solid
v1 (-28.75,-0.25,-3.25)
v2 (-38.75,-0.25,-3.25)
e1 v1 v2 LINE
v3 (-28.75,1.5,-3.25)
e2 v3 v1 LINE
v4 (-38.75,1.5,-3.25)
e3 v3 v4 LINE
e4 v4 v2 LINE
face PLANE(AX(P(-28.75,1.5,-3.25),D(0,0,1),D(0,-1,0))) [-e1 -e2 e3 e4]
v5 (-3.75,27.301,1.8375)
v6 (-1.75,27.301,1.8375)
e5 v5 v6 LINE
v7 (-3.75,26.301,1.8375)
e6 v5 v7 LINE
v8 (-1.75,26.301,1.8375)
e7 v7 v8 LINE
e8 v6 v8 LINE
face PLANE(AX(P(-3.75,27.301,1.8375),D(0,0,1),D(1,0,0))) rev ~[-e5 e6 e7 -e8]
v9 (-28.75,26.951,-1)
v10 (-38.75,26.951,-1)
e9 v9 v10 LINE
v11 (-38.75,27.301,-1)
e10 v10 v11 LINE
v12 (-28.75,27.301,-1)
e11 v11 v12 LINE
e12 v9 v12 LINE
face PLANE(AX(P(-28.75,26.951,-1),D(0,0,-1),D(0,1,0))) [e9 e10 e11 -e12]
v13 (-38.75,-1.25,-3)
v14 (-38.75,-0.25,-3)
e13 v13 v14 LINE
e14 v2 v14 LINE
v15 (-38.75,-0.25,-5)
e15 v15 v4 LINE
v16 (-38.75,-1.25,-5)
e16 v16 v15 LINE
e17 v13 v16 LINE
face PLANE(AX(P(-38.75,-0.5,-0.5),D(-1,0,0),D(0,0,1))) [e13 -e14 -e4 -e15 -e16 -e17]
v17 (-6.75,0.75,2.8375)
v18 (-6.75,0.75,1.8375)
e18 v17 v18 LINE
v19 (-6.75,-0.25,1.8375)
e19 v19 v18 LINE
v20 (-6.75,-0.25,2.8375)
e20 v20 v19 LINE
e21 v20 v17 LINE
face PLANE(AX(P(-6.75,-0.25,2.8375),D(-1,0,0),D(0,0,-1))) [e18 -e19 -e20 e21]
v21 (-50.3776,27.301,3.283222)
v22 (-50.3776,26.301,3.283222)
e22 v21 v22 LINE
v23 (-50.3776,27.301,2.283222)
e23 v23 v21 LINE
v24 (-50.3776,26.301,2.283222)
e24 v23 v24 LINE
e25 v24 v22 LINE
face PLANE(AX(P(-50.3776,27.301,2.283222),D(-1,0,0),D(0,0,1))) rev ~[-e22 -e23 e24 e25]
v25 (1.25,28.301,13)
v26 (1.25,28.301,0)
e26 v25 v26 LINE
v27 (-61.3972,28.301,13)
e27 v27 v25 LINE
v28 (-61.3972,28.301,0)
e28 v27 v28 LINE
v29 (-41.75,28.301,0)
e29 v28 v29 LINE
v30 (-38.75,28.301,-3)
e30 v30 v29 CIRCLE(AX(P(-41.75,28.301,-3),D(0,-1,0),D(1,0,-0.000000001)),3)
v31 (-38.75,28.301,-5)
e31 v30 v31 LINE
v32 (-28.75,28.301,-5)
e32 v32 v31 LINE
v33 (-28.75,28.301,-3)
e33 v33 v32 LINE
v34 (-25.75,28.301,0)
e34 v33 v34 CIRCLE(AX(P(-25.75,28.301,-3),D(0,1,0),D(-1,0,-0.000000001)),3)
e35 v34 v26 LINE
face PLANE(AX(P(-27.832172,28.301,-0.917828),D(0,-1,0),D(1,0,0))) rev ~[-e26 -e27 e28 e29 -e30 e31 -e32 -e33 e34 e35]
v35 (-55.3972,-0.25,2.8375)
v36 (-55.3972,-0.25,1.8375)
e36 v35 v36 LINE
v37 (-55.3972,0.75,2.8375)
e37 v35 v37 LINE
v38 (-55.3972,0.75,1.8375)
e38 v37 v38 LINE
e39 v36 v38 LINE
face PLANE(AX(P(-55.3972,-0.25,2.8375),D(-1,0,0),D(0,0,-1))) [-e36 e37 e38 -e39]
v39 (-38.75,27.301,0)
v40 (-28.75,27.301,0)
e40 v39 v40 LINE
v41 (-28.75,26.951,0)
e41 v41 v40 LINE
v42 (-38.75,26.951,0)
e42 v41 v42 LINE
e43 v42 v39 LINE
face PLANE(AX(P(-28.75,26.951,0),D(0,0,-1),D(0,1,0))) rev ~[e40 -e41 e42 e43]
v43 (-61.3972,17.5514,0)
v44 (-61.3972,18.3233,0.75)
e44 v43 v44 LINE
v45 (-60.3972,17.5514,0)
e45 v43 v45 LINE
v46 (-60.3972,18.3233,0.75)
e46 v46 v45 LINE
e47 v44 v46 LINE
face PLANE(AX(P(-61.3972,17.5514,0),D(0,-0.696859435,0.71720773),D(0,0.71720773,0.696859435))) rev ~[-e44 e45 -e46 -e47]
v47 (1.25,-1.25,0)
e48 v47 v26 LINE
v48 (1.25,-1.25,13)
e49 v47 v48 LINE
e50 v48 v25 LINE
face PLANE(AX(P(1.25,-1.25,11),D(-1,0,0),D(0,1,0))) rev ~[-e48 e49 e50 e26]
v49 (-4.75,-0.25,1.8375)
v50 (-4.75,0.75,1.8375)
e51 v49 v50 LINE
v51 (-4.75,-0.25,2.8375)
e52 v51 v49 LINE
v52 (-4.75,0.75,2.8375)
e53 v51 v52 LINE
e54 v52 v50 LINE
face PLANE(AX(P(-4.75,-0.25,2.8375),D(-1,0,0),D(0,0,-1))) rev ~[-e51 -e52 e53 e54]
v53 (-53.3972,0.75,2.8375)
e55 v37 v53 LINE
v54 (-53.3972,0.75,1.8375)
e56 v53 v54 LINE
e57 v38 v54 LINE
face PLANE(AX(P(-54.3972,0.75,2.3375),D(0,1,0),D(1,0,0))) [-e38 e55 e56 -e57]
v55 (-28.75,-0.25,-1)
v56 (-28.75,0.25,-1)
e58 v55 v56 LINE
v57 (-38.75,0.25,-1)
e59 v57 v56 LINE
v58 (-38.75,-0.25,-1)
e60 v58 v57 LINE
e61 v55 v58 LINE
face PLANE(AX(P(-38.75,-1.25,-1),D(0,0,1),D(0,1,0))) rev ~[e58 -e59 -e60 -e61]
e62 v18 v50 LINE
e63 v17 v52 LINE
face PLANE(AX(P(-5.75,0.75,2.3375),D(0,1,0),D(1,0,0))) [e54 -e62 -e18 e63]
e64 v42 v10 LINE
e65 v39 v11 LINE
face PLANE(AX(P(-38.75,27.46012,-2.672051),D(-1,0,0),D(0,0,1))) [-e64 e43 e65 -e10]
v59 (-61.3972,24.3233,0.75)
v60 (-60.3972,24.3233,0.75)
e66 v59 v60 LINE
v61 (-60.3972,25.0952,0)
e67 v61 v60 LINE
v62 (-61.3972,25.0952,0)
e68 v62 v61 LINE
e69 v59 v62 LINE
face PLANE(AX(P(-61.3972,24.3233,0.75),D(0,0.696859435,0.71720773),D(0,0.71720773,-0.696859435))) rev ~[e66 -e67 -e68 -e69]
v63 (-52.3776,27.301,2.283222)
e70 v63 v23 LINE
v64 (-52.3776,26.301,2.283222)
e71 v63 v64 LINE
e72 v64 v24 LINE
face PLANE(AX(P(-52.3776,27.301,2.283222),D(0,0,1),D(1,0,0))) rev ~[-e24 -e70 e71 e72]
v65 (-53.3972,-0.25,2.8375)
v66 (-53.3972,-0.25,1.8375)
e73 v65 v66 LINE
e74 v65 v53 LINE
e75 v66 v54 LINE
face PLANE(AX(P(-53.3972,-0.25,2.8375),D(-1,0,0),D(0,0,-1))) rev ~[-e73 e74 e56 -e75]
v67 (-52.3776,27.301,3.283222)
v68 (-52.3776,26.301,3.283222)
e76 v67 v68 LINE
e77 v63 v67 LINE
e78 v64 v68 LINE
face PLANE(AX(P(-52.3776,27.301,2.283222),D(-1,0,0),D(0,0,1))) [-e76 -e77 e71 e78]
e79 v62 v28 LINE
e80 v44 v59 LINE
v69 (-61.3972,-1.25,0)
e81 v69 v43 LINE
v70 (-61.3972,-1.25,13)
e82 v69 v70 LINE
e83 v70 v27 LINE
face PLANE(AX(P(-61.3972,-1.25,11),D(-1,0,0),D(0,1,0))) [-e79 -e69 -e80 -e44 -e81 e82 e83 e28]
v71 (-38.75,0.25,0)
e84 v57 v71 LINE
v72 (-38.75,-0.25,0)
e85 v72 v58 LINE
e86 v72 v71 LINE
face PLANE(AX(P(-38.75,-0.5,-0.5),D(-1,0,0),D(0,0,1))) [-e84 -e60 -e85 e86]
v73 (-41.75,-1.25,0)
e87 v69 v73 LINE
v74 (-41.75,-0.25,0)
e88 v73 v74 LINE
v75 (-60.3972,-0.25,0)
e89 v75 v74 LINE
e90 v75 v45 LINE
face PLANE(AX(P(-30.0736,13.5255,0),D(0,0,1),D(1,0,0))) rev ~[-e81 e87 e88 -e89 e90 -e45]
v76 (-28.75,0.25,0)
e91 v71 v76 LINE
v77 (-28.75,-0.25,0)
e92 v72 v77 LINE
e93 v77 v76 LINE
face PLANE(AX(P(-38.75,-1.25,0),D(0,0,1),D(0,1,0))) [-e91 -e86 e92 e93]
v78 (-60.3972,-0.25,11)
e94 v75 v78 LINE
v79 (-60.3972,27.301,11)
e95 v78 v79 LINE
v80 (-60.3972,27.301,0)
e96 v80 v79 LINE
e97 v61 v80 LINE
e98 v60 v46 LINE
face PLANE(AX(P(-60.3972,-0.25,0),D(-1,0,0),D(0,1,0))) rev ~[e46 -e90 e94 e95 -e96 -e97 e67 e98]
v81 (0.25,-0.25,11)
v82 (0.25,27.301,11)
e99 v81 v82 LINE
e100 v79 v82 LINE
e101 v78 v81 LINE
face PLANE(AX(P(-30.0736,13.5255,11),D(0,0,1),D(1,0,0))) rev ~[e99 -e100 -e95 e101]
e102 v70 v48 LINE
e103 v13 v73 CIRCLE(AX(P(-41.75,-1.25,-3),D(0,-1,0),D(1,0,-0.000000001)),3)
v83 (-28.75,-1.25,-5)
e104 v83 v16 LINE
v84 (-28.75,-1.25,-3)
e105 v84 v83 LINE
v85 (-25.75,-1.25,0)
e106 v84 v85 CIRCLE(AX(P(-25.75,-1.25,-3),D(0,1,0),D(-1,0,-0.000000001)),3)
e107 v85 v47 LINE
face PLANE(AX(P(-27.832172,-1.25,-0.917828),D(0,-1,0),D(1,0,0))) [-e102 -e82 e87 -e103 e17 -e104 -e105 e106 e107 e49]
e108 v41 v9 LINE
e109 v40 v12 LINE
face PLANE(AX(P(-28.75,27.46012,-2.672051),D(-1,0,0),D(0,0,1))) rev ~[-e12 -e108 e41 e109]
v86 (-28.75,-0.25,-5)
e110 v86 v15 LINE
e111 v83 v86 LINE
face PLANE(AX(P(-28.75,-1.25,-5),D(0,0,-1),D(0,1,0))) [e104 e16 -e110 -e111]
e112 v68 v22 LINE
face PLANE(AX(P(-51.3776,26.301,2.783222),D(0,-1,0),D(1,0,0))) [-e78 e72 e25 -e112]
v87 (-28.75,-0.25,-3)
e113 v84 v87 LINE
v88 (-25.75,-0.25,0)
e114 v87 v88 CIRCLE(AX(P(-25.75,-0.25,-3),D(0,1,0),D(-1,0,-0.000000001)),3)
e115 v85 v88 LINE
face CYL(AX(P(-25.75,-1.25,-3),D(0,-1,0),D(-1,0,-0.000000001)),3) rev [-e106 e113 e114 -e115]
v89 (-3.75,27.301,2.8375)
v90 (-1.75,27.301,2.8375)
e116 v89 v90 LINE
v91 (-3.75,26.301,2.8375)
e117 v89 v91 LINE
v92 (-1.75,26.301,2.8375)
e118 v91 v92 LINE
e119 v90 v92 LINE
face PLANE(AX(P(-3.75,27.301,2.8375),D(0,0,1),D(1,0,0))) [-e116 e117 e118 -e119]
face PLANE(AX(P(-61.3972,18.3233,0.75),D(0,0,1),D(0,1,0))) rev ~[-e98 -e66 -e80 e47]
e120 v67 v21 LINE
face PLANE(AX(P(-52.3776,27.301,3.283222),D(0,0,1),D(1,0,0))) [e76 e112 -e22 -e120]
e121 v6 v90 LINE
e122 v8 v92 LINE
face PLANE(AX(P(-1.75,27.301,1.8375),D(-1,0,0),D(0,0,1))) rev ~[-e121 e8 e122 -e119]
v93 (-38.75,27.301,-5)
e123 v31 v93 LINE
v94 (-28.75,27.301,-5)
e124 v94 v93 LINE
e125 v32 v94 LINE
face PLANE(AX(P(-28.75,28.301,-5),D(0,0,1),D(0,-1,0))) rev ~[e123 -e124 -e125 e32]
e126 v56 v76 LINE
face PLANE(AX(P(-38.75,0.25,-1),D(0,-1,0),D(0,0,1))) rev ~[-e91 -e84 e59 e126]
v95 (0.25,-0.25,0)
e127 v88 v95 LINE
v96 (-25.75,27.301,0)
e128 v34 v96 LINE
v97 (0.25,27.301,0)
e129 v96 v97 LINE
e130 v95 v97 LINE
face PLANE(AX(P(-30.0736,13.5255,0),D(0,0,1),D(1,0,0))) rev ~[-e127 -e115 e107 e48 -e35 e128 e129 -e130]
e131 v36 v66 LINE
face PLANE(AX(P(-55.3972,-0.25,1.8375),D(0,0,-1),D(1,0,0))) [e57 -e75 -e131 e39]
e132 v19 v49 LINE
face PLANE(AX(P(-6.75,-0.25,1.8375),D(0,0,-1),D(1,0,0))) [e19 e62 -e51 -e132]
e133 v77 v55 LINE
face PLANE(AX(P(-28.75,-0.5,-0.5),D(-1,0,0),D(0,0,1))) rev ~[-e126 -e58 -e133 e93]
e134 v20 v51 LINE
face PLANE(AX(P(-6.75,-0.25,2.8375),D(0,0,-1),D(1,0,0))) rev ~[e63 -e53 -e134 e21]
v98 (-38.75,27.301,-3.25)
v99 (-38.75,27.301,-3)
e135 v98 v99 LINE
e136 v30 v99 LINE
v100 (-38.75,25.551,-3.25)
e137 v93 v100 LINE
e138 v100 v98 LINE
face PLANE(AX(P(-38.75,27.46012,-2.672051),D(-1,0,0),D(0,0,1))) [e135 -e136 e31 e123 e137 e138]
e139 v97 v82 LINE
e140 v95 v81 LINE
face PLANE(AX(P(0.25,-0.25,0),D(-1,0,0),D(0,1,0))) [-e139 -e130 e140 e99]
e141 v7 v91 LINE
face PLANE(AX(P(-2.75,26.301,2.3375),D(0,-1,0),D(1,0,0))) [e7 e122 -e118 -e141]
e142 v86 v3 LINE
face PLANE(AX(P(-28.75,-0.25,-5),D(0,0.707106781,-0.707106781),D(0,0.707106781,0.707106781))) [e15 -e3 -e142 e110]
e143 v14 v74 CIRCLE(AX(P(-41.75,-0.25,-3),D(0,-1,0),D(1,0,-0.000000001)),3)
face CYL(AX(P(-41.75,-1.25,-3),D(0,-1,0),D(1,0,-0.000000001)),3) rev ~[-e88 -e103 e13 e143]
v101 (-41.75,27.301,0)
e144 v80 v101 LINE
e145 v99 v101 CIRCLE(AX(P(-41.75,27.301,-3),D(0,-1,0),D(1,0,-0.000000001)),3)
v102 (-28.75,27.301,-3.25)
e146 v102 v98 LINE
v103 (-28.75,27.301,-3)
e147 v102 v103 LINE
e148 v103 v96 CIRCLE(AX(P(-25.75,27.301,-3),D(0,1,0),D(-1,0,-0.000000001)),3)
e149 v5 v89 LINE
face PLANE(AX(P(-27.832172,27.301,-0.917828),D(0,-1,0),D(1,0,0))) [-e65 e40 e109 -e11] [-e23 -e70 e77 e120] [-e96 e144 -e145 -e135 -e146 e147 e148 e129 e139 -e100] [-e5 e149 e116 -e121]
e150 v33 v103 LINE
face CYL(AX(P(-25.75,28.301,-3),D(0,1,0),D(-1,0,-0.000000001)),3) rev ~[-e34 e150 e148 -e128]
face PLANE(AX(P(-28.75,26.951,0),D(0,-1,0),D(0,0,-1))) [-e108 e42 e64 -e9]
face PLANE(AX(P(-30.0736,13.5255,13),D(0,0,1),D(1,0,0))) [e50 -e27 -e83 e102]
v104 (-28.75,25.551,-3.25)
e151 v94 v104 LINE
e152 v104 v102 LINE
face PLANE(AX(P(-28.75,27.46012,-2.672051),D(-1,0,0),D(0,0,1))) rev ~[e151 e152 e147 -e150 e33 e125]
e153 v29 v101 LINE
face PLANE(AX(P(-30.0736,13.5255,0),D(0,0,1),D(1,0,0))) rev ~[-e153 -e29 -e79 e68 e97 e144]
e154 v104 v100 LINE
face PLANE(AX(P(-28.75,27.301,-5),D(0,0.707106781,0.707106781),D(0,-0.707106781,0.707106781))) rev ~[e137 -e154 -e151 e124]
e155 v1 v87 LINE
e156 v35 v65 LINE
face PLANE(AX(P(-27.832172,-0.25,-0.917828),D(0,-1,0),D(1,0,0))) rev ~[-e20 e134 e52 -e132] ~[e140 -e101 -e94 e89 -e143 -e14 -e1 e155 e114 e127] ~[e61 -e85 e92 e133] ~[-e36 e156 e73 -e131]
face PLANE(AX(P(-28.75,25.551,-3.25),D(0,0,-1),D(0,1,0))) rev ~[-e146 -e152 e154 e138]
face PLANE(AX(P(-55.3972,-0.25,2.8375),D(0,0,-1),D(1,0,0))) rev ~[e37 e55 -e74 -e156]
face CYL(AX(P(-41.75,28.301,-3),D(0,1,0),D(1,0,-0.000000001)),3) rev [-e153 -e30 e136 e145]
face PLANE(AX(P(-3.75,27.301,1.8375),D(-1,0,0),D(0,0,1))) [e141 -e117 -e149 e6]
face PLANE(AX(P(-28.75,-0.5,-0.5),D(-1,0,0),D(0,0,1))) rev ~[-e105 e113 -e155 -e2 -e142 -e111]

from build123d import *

# Parameters (mm, degrees)
SKETCH1_W            = 62.6472
SKETCH1_H            = 29.551
SKETCH1_W_2          = 60.6472
SKETCH1_H_2          = 27.551
BOSS_EXTRUDE1_DEPTH  = 11
CUT_EXTRUDE1_REACH   = 64.647
SKETCH4_W            = 2
SKETCH4_H            = 1
BOSS_EXTRUDE2_DEPTH  = 1
SKETCH6_W            = 2
SKETCH6_H            = 1
BOSS_EXTRUDE3_DEPTH  = 1
BOSS_EXTRUDE4_START  = -30
SKETCH7_W            = 1
SKETCH7_H            = 1
BOSS_EXTRUDE4_DEPTH  = 10
BOSS_EXTRUDE5_START  = 40
SKETCH9_W            = 1
SKETCH9_H            = 1.5
BOSS_EXTRUDE5_DEPTH  = 10
BOSS_EXTRUDE7_START  = -30
BOSS_EXTRUDE7_DEPTH  = 10
SKETCH12_W           = 62.6472
SKETCH12_H           = 29.551
BOSS_EXTRUDE8_DEPTH  = 2
BOSS_EXTRUDE9_DEPTH  = 1
BOSS_EXTRUDE10_START = -29.551
BOSS_EXTRUDE10_DEPTH = 1


with BuildPart() as part:
    # Sketch1 → Boss-Extrude1 (new body)
    with BuildSketch(Plane.XY):
        with Locations((-30.0736, 13.5255)):
            Rectangle(SKETCH1_W, SKETCH1_H)
        with Locations((-30.0736, 13.5255)):
            Rectangle(SKETCH1_W_2, SKETCH1_H_2, mode=Mode.SUBTRACT)
    extrude(amount=BOSS_EXTRUDE1_DEPTH)

    # Sketch3 → Cut-Extrude1 (cut, up to next)
    with BuildSketch(Plane.ZY.offset(61.3972), mode=Mode.PRIVATE) as cut_extrude1_sk1:
        Polygon((0, 17.5514), (0.75, 18.3233), (0.75, 24.3233), (0, 25.0952), align=None)
    cut_extrude1_tool1 = extrude(cut_extrude1_sk1.sketch, amount=-CUT_EXTRUDE1_REACH, mode=Mode.PRIVATE) & part.part
    add(cut_extrude1_tool1.solids().sort_by_distance((-61.3972, 21.3233, 0.360752))[0], mode=Mode.SUBTRACT)

    # Sketch4 → Boss-Extrude2 (add)
    with BuildSketch(Plane(origin=(0, -0.25, 0), x_dir=(1, 0, 0), z_dir=(0, 1, 0))):
        with Locations((-54.3972, -2.3375)):
            Rectangle(SKETCH4_W, SKETCH4_H)
        with Locations((-5.75, -2.3375)):
            Rectangle(SKETCH4_W, SKETCH4_H)
    extrude(amount=BOSS_EXTRUDE2_DEPTH)

    # Sketch6 → Boss-Extrude3 (add)
    with BuildSketch(Plane.XZ.offset(-27.301)):
        with Locations((-2.75, 2.3375)):
            Rectangle(SKETCH6_W, SKETCH6_H)
        with Locations((-51.3776, 2.783222425)):
            Rectangle(SKETCH6_W, SKETCH6_H)
    extrude(amount=BOSS_EXTRUDE3_DEPTH)

    # Sketch7 → Boss-Extrude4 (add)
    with BuildSketch(Plane(origin=(1.25, 0, 0), x_dir=(0, 0, -1), z_dir=(1, 0, 0)).offset(BOSS_EXTRUDE4_START)):
        with Locations((0.5, 27.451)):
            Rectangle(SKETCH7_W, SKETCH7_H)
    extrude(amount=-BOSS_EXTRUDE4_DEPTH)

    # Sketch9 → Boss-Extrude5 (add)
    with BuildSketch(Plane.ZY.offset(-1.25).offset(BOSS_EXTRUDE5_START)):
        with Locations((-0.5, -0.5)):
            Rectangle(SKETCH9_W, SKETCH9_H)
    extrude(amount=-BOSS_EXTRUDE5_DEPTH)

    # Sketch11 → Boss-Extrude7 (add)
    with BuildSketch(Plane(origin=(1.25, 0, 0), x_dir=(0, 0, -1), z_dir=(1, 0, 0)).offset(BOSS_EXTRUDE7_START)):
        Polygon((5, 28.301), (5, 27.301), (3.25, 25.551), (3.25, 27.301), (0, 27.301), (0, 28.301), align=None)
        Polygon((0, -1.25), (5, -1.25), (5, -0.25), (3.25, 1.5), (3.25, -0.25), (0, -0.25), align=None)
    extrude(amount=-BOSS_EXTRUDE7_DEPTH)

    # Sketch12 → Boss-Extrude8 (add)
    with BuildSketch(Plane.XY.offset(11)):
        with Locations((-30.0736, 13.5255)):
            Rectangle(SKETCH12_W, SKETCH12_H)
    extrude(amount=BOSS_EXTRUDE8_DEPTH)

    # Sketch13 → Boss-Extrude9 (add)
    with BuildSketch(Plane.XZ.offset(1.25)):
        with BuildLine():
            Line((-25.75, 0), (-28.75, 0))
            Line((-28.75, 0), (-28.75, -3))
            ThreePointArc((-28.75, -3), (-27.871320344, -0.878679656), (-25.75, 0))
        make_face()
        with BuildLine():
            Line((-41.75, 0), (-38.75, 0))
            Line((-38.75, 0), (-38.75, -3))
            ThreePointArc((-38.75, -3), (-39.628679656, -0.878679656), (-41.75, 0))
        make_face()
    extrude(amount=-BOSS_EXTRUDE9_DEPTH)

    # Sketch13<2> → Boss-Extrude10 (add)
    with BuildSketch(Plane.XZ.offset(1.25).offset(BOSS_EXTRUDE10_START)):
        with BuildLine():
            Line((-25.75, 0), (-28.75, 0))
            Line((-28.75, 0), (-28.75, -3))
            ThreePointArc((-28.75, -3), (-27.871320344, -0.878679656), (-25.75, 0))
        make_face()
        with BuildLine():
            Line((-41.75, 0), (-38.75, 0))
            Line((-38.75, 0), (-38.75, -3))
            ThreePointArc((-38.75, -3), (-39.628679656, -0.878679656), (-41.75, 0))
        make_face()
    extrude(amount=BOSS_EXTRUDE10_DEPTH)


solid = part.part
